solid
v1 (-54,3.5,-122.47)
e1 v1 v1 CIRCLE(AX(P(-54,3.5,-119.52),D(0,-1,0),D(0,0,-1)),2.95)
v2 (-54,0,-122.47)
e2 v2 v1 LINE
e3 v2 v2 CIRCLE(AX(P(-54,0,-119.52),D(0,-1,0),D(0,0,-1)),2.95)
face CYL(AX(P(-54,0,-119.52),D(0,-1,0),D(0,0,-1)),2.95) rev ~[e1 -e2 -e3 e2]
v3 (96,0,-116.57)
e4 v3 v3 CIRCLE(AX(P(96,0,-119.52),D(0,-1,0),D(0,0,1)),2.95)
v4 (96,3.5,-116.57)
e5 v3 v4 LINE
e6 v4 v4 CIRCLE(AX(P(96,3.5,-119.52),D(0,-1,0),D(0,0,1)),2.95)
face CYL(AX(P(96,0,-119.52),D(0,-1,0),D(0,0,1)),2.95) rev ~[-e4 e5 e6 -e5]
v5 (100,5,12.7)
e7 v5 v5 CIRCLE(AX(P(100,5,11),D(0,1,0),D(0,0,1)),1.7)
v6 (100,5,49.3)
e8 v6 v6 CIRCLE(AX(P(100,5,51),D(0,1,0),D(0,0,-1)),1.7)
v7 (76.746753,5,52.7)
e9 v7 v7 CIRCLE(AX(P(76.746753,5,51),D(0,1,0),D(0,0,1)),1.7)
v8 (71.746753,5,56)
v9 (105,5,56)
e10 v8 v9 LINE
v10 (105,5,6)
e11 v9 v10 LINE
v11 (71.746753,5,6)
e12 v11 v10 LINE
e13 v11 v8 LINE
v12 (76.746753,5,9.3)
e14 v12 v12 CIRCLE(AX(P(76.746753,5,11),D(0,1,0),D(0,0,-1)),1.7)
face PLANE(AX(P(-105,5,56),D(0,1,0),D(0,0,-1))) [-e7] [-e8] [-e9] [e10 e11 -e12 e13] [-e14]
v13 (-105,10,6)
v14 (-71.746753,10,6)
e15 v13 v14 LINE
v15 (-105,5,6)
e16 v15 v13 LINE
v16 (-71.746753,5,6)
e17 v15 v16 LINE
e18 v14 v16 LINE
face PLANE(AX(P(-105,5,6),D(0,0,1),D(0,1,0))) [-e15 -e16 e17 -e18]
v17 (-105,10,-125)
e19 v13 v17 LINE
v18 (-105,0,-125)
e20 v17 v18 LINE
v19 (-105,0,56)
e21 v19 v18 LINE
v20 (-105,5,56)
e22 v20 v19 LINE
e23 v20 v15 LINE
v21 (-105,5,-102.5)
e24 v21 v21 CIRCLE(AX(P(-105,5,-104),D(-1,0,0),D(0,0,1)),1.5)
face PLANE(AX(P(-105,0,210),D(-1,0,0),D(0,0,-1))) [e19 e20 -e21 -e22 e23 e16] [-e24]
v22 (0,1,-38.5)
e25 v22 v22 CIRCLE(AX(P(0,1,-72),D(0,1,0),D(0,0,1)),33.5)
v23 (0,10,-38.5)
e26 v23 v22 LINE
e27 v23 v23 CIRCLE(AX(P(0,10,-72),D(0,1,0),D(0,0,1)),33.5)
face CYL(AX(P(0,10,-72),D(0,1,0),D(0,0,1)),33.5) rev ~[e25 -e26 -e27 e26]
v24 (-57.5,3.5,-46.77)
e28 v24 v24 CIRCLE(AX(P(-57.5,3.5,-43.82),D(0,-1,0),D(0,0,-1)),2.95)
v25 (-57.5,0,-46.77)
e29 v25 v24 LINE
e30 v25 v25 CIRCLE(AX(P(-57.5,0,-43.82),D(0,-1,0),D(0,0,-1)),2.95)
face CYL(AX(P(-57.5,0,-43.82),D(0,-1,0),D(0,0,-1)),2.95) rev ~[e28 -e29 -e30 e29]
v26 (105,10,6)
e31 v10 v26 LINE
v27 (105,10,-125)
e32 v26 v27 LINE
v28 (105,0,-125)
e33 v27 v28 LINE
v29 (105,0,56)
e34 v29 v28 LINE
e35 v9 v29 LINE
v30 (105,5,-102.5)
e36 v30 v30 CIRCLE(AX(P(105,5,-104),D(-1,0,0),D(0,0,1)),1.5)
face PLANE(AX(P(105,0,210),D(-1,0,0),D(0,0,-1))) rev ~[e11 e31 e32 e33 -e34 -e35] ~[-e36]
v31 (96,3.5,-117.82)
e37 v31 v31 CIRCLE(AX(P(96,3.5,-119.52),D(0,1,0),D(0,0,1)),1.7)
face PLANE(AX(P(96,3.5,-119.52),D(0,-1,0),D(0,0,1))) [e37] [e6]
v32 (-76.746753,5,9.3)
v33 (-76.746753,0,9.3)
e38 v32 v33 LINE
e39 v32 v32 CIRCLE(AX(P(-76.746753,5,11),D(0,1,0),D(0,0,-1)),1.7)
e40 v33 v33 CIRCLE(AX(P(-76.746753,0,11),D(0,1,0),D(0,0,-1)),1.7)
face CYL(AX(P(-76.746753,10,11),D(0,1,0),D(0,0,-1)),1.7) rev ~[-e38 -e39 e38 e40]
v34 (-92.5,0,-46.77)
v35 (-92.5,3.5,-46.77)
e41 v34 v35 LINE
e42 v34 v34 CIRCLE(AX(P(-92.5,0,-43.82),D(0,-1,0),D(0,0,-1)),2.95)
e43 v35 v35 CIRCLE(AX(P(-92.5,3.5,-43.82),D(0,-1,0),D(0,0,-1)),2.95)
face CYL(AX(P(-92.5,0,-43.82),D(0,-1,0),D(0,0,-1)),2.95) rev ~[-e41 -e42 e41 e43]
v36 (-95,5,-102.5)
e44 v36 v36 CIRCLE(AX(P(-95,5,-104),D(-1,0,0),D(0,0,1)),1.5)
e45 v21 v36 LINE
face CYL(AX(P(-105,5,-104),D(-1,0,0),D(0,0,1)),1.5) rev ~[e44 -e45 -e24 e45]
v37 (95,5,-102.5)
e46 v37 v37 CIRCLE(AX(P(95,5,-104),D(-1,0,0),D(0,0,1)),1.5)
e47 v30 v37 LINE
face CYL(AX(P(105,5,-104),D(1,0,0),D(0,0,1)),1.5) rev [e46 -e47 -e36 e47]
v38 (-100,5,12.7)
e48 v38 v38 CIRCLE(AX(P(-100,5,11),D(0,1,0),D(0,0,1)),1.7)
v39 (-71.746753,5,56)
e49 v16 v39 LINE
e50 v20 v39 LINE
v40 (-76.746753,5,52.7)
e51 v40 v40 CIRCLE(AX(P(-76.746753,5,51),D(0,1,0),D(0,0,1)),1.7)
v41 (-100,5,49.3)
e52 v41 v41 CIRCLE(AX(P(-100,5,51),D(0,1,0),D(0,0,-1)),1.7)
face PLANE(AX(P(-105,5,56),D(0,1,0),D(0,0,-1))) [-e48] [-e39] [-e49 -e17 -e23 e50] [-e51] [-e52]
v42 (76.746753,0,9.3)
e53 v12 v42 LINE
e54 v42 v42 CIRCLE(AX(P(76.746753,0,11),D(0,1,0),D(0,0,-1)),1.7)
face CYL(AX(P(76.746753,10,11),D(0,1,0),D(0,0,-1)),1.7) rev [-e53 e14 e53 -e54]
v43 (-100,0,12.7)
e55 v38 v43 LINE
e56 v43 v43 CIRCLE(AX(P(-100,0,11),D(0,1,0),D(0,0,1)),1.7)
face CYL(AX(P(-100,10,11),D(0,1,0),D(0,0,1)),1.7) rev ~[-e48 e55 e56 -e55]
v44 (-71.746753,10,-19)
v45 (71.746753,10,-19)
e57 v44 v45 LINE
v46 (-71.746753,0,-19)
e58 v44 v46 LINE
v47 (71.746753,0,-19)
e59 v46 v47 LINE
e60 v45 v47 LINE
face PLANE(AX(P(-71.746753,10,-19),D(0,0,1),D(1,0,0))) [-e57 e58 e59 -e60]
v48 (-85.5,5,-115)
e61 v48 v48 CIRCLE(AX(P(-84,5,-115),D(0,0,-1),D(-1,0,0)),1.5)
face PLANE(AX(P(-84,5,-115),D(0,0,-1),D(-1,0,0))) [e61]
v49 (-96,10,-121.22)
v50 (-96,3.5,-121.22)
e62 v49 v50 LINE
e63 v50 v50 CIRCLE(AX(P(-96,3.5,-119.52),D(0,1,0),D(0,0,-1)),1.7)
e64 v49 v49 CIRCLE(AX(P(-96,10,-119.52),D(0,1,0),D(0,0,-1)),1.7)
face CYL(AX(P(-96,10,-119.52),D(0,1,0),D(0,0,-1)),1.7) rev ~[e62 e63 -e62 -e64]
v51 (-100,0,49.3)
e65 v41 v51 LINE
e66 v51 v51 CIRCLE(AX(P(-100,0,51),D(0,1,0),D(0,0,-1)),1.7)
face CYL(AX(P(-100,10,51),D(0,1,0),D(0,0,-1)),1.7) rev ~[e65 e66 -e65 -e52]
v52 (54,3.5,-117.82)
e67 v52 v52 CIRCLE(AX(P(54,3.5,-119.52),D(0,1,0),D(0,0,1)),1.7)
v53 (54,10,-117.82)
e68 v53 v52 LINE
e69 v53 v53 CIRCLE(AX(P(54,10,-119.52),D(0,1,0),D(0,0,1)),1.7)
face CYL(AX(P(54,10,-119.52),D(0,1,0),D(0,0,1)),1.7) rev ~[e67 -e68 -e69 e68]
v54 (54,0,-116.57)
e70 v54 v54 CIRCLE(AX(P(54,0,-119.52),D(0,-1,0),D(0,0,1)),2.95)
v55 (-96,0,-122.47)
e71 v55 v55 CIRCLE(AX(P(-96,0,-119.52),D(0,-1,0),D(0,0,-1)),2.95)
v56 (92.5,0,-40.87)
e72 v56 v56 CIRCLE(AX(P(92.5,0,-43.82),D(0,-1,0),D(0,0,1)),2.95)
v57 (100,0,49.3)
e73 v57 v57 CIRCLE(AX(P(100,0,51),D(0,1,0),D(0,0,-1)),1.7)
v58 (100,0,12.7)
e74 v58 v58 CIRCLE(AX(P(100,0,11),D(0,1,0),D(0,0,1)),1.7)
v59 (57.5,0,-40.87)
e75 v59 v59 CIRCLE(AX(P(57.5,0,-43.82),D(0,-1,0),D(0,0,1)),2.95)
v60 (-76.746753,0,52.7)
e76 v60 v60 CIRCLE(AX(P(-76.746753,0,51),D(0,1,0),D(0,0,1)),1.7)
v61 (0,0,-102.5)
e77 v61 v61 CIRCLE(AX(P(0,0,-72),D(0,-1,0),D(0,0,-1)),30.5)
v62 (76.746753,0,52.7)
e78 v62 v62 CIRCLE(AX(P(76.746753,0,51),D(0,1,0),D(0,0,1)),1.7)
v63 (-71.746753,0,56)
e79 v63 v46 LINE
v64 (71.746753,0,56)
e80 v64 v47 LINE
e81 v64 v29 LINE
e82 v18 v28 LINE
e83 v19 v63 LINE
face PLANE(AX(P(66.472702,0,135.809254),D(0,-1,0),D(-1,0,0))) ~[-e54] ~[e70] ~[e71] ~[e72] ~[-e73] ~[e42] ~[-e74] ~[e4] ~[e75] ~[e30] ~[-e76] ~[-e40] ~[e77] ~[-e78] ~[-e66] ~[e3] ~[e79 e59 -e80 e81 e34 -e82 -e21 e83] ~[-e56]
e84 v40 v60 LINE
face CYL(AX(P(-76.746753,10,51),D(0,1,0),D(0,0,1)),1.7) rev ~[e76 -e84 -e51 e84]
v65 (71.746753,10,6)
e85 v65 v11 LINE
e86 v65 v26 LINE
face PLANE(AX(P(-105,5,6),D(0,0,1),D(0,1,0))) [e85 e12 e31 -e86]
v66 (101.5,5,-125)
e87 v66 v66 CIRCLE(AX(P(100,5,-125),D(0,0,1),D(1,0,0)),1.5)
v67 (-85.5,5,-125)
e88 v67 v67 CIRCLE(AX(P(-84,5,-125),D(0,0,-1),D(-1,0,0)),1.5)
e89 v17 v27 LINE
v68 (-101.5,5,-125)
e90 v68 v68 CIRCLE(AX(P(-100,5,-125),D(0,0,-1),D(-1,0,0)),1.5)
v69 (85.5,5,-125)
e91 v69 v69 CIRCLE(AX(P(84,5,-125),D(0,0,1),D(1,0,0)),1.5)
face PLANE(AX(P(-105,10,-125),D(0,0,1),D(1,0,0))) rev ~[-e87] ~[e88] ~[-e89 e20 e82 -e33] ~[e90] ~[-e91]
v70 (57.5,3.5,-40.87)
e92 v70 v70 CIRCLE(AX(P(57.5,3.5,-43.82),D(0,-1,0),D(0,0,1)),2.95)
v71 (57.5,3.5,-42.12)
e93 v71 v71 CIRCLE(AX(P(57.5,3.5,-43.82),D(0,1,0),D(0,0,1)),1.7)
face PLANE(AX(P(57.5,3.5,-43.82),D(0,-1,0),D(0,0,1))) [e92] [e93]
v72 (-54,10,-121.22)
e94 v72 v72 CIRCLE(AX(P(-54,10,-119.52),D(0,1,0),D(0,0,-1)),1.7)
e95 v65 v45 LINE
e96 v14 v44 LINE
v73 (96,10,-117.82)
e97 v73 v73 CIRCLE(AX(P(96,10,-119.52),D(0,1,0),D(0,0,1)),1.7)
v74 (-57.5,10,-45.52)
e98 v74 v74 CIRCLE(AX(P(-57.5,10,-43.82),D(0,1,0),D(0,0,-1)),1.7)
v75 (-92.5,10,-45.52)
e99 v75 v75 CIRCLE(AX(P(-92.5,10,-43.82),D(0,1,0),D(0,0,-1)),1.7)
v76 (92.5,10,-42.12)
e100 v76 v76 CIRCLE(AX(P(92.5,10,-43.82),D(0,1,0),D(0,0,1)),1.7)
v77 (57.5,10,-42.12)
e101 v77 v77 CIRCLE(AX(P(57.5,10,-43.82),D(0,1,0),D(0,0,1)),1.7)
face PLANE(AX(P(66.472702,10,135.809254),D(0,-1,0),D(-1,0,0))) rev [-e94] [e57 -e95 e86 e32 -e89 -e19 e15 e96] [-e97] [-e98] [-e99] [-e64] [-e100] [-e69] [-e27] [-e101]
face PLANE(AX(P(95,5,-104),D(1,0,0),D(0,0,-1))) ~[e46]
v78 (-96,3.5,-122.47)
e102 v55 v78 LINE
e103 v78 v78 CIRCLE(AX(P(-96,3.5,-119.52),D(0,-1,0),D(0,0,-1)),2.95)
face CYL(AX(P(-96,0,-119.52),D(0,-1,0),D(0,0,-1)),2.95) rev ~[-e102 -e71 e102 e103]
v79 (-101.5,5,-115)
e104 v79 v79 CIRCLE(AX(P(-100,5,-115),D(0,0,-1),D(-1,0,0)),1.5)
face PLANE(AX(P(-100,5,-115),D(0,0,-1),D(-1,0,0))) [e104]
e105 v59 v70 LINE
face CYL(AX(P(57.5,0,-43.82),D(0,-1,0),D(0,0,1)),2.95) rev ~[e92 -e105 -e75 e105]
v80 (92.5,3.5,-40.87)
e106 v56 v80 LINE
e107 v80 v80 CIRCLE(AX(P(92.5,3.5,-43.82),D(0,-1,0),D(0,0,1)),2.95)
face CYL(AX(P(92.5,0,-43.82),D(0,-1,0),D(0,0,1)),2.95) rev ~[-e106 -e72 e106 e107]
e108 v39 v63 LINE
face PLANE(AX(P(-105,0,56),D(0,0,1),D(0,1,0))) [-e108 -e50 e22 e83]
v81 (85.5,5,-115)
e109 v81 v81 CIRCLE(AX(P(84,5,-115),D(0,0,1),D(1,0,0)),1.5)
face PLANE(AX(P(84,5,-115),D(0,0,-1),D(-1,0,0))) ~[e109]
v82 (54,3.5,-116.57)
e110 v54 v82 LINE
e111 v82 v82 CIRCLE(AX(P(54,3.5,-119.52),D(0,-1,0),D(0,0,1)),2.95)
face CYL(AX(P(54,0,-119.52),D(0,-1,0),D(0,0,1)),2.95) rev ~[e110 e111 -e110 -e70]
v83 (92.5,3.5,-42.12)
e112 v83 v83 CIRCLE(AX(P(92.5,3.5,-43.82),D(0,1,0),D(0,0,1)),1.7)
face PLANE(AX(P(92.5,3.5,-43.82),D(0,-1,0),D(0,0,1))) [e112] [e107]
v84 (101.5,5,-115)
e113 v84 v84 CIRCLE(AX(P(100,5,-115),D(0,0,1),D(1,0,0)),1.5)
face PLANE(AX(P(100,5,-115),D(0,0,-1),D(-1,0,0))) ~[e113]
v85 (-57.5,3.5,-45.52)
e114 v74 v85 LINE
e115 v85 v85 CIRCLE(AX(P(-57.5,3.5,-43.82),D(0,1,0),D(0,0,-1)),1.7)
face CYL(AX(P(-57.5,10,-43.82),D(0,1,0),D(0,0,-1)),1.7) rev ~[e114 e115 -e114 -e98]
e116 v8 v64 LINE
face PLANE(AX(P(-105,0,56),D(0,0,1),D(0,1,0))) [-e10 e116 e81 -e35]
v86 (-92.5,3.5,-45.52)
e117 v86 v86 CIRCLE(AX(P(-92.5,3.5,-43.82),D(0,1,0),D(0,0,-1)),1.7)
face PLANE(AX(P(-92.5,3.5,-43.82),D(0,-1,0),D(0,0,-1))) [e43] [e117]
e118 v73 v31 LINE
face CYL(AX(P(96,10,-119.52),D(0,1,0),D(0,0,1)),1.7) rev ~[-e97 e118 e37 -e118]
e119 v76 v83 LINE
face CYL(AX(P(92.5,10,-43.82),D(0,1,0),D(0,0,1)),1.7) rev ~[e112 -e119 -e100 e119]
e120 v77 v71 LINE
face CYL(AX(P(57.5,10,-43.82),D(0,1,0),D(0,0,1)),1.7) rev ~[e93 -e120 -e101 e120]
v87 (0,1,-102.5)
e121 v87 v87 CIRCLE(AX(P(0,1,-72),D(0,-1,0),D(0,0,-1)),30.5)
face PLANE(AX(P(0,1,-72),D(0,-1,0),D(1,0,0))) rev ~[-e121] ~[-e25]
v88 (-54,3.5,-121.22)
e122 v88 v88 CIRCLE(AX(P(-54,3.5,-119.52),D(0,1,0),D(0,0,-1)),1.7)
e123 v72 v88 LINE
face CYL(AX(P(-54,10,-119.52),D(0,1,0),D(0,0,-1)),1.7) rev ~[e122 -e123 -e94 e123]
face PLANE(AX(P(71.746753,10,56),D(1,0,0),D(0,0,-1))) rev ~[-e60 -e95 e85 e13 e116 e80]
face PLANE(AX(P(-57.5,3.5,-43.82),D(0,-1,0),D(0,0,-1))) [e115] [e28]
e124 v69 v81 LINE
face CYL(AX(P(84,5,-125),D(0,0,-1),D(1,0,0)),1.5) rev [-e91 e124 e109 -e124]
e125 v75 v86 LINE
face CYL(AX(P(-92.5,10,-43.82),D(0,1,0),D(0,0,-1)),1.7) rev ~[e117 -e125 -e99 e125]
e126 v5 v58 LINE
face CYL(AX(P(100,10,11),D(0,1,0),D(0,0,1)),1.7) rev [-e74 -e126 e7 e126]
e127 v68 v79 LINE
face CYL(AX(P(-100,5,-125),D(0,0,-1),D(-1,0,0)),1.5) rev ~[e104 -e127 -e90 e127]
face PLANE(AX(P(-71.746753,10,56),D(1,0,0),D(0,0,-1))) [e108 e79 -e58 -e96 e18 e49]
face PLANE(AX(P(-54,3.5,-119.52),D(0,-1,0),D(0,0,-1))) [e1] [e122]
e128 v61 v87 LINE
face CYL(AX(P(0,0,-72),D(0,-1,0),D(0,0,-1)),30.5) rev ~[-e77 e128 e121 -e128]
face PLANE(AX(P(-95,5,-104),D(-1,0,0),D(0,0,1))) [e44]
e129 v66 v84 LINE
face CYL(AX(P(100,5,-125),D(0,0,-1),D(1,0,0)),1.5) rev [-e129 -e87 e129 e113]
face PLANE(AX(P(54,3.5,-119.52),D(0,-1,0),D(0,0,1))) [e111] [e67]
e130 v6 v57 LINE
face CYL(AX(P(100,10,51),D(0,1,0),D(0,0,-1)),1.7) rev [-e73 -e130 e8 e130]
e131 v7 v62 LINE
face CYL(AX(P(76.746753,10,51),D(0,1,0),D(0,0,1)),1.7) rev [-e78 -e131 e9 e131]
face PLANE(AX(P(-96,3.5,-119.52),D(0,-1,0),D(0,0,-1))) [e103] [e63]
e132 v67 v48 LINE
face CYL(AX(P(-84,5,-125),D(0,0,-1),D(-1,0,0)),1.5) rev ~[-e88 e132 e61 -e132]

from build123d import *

# Parameters (mm, degrees)
SKIZZE1_W                        = 210
SKIZZE1_H                        = 420
AUFSATZ_LINEAR_AUSTRAGEN1_DEPTH  = 10
SKIZZE5_W                        = 210
SKIZZE5_H                        = 85
SCHNITT_LINEAR_AUSTRAGEN2_DEPTH  = 10
SKIZZE6_R                        = 1.7
SCHNITT_LINEAR_AUSTRAGEN3_DEPTH  = 236
SCHNITT_LINEAR_AUSTRAGEN4_DEPTH  = 4
SKIZZE16_W                       = 35
SKIZZE16_H                       = 7
SCHNITT_LINEAR_AUSTRAGEN10_DEPTH = 5
SCHNITT_LINEAR_AUSTRAGEN11_DEPTH = 35
SKIZZE20_R                       = 1.7
SCHNITT_LINEAR_AUSTRAGEN12_DEPTH = 236
SKIZZE21_W                       = 143.493506494
SKIZZE21_H                       = 75
SCHNITT_LINEAR_AUSTRAGEN13_DEPTH = 236
SCHNITT_LINEAR_AUSTRAGEN14_DEPTH = 236
AUFSATZ_LINEAR_AUSTRAGEN6_DEPTH  = 10
SKIZZE25_R                       = 1.7
SCHNITT_LINEAR_AUSTRAGEN15_DEPTH = 236
SCHNITT_LINEAR_AUSTRAGEN16_DEPTH = 298.153159162
SKIZZE27_R                       = 33.5
SCHNITT_LINEAR_AUSTRAGEN17_DEPTH = 164.554272338
SKIZZE28_R                       = 36.006256149
SKIZZE28_R_2                     = 30.5
AUFSATZ_LINEAR_AUSTRAGEN7_DEPTH  = 1
SKIZZE29_R                       = 1.5
SCHNITT_LINEAR_AUSTRAGEN18_DEPTH = 10
SKIZZE30_R                       = 1.5
SCHNITT_LINEAR_AUSTRAGEN19_DEPTH = 10
SKIZZE31_R                       = 2.95
SCHNITT_LINEAR_AUSTRAGEN20_DEPTH = 3.5


with BuildPart() as part:
    # Skizze1 → Aufsatz-Linear austragen1 (new body)
    with BuildSketch(Plane(origin=(0, 0, 0), x_dir=(1, 0, 0), z_dir=(0, 1, 0))):
        Rectangle(SKIZZE1_W, SKIZZE1_H)
    extrude(amount=AUFSATZ_LINEAR_AUSTRAGEN1_DEPTH)

    # Skizze5 → Schnitt-Linear austragen2 (cut)
    with BuildSketch(Plane(origin=(0, 10, 0), x_dir=(1, 0, 0), z_dir=(0, 1, 0))):
        Polygon((105, -210), (18, -210), (105, -56), align=None)
        Polygon((-18, -210), (-105, -56), (-105, -210), align=None)
        with Locations((0, 167.5)):
            Rectangle(SKIZZE5_W, SKIZZE5_H)
        Polygon((71.746753247, -56), (-71.746753247, -56), (-2.824675325, -178), (2.824675325, -178), align=None)
    extrude(amount=-SCHNITT_LINEAR_AUSTRAGEN2_DEPTH, mode=Mode.SUBTRACT)

    # Skizze6 → Schnitt-Linear austragen3 (cut, through all)
    with BuildSketch(Plane(origin=(0, 10, 0), x_dir=(1, 0, 0), z_dir=(0, 1, 0))):
        with Locations(Location((-11, -205, 0), (0, 0, 270))):
            Circle(SKIZZE6_R)
        with Locations(Location((-11, -188.18, 0), (0, 0, 90))):
            Circle(SKIZZE6_R)
        with Locations(Location((11, -205, 0), (0, 0, 90))):
            Circle(SKIZZE6_R)
        with Locations(Location((11, -188.18, 0), (0, 0, 270))):
            Circle(SKIZZE6_R)
    extrude(amount=-SCHNITT_LINEAR_AUSTRAGEN3_DEPTH, mode=Mode.SUBTRACT)

    # Skizze7 → Schnitt-Linear austragen4 (cut)
    with BuildSketch(Plane.XZ):
        Polygon((-11, 208.406366588), (-8.05, 206.703183294), (-8.05, 203.296816706), (-11, 201.593633412), (-13.95, 203.296816706), (-13.95, 206.703183294), align=None)
        Polygon((11, 208.406366588), (8.05, 206.703183294), (8.05, 203.296816706), (11, 201.593633412), (13.95, 203.296816706), (13.95, 206.703183294), align=None)
        Polygon((-8.05, 186.476816706), (-8.05, 189.883183294), (-11, 191.586366588), (-13.95, 189.883183294), (-13.95, 186.476816706), (-11, 184.773633412), align=None)
        Polygon((8.05, 186.476816706), (8.05, 189.883183294), (11, 191.586366588), (13.95, 189.883183294), (13.95, 186.476816706), (11, 184.773633412), align=None)
    extrude(amount=-SCHNITT_LINEAR_AUSTRAGEN4_DEPTH, mode=Mode.SUBTRACT)

    # Skizze16 → Schnitt-Linear austragen10 (cut)
    with BuildSketch(Plane.XZ):
        with Locations((0, 196.59)):
            Rectangle(SKIZZE16_W, SKIZZE16_H)
    extrude(amount=-SCHNITT_LINEAR_AUSTRAGEN10_DEPTH, mode=Mode.SUBTRACT)

    # Skizze17 → Schnitt-Linear austragen11 (cut)
    with BuildSketch(Plane.ZY.offset(-17.5)):
        Polygon((193.09, 5), (196.59, 8.5), (200.09, 5), align=None)
    extrude(amount=SCHNITT_LINEAR_AUSTRAGEN11_DEPTH, mode=Mode.SUBTRACT)

    # Skizze20 → Schnitt-Linear austragen12 (cut, through all)
    with BuildSketch(Plane(origin=(0, 10, 0), x_dir=(1, 0, 0), z_dir=(0, 1, 0))):
        with Locations(Location((96, 119.52, 0), (0, 0, 270))):
            Circle(SKIZZE20_R)
        with Locations(Location((54, 119.52, 0), (0, 0, 270))):
            Circle(SKIZZE20_R)
        with Locations(Location((-54, 119.52, 0), (0, 0, 90))):
            Circle(SKIZZE20_R)
        with Locations(Location((-96, 119.52, 0), (0, 0, 90))):
            Circle(SKIZZE20_R)
        with Locations(Location((92.5, 43.82, 0), (0, 0, 270))):
            Circle(SKIZZE20_R)
        with Locations(Location((57.5, 43.82, 0), (0, 0, 270))):
            Circle(SKIZZE20_R)
        with Locations(Location((-92.5, 43.82, 0), (0, 0, 90))):
            Circle(SKIZZE20_R)
        with Locations(Location((-57.5, 43.82, 0), (0, 0, 90))):
            Circle(SKIZZE20_R)
    extrude(amount=-SCHNITT_LINEAR_AUSTRAGEN12_DEPTH, mode=Mode.SUBTRACT)

    # Skizze21 → Schnitt-Linear austragen13 (cut, through all)
    with BuildSketch(Plane(origin=(0, 10, 0), x_dir=(1, 0, 0), z_dir=(0, 1, 0))):
        with Locations((0, -18.5)):
            Rectangle(SKIZZE21_W, SKIZZE21_H)
    extrude(amount=-SCHNITT_LINEAR_AUSTRAGEN13_DEPTH, mode=Mode.SUBTRACT)

    # Skizze22 → Schnitt-Linear austragen14 (cut, through all)
    with BuildSketch(Plane(origin=(0, 10, 0), x_dir=(1, 0, 0), z_dir=(0, 1, 0))):
        with BuildLine():
            Line((-71.746753247, -56), (-2.824675325, -178))
            ThreePointArc((-2.824675325, -178), (-55.506711033, -127.293679981), (-71.746753247, -56))
        make_face()
    schnitt_linear_austragen14 = extrude(amount=-SCHNITT_LINEAR_AUSTRAGEN14_DEPTH, mode=Mode.SUBTRACT)

    # Skizze23 → Aufsatz-Linear austragen6 (add)
    with BuildSketch(Plane(origin=(0, 10, 0), x_dir=(1, 0, 0), z_dir=(0, 1, 0))):
        with BuildLine():
            Line((-105, -56), (-18, -210))
            ThreePointArc((-18, -210), (-78.088357737, -142.371344955), (-105, -56))
        make_face()
    aufsatz_linear_austragen6 = extrude(amount=-AUFSATZ_LINEAR_AUSTRAGEN6_DEPTH)

    # Spiegeln2: Schnitt-Linear austragen14, Aufsatz-Linear austragen6 across plane
    add(schnitt_linear_austragen14.mirror(Plane(origin=(0, 0, 0), x_dir=(0, 0, 1), z_dir=(1, 0, 0))), mode=Mode.SUBTRACT)
    add(aufsatz_linear_austragen6.mirror(Plane(origin=(0, 0, 0), x_dir=(0, 0, 1), z_dir=(1, 0, 0))))

    # Skizze25 → Schnitt-Linear austragen15 (cut, through all)
    with BuildSketch(Plane(origin=(0, 10, 0), x_dir=(1, 0, 0), z_dir=(0, 1, 0))):
        with Locations(Location((-100, -11, 0), (0, 0, 270))):
            Circle(SKIZZE25_R)
        with Locations(Location((-76.746753247, -11, 0), (0, 0, 90))):
            Circle(SKIZZE25_R)
        with Locations(Location((-76.746753247, -51, 0), (0, 0, 270))):
            Circle(SKIZZE25_R)
        with Locations(Location((-100, -51, 0), (0, 0, 90))):
            Circle(SKIZZE25_R)
    schnitt_linear_austragen15 = extrude(amount=-SCHNITT_LINEAR_AUSTRAGEN15_DEPTH, mode=Mode.SUBTRACT)

    # Spiegeln3: Schnitt-Linear austragen15 across plane
    add(schnitt_linear_austragen15.mirror(Plane(origin=(0, 0, 0), x_dir=(0, 0, 1), z_dir=(1, 0, 0))), mode=Mode.SUBTRACT)

    # Skizze26 → Schnitt-Linear austragen16 (cut, through all)
    with BuildSketch(Plane.ZY.offset(105)):
        Polygon((6, 5), (6, 13.101486595), (200.684563047, 82.546277137), (242.997216492, -41.037631402), (91.241487897, -60.284782055), (56, 0), (56, 5), align=None)
    extrude(amount=-SCHNITT_LINEAR_AUSTRAGEN16_DEPTH, mode=Mode.SUBTRACT)

    # Skizze27 → Schnitt-Linear austragen17 (cut, through all)
    with BuildSketch(Plane(origin=(0, 10, 0), x_dir=(1, 0, 0), z_dir=(0, 1, 0))):
        with Locations(Location((0, 72, 0), (0, 0, 270))):
            Circle(SKIZZE27_R)
    extrude(amount=-SCHNITT_LINEAR_AUSTRAGEN17_DEPTH, mode=Mode.SUBTRACT)

    # Skizze28 → Aufsatz-Linear austragen7 (add)
    with BuildSketch(Plane.XZ):
        with Locations((0, -72)):
            Circle(SKIZZE28_R)
        with Locations(Location((0, -72, 0), (0, 0, 270))):
            Circle(SKIZZE28_R_2, mode=Mode.SUBTRACT)
    extrude(amount=-AUFSATZ_LINEAR_AUSTRAGEN7_DEPTH)

    # Skizze29 → Schnitt-Linear austragen18 (cut)
    with BuildSketch(Plane.ZY.offset(105)):
        with Locations((-104, 5)):
            Circle(SKIZZE29_R)
    schnitt_linear_austragen18 = extrude(amount=-SCHNITT_LINEAR_AUSTRAGEN18_DEPTH, mode=Mode.SUBTRACT)

    # Skizze30 → Schnitt-Linear austragen19 (cut)
    with BuildSketch(Plane(origin=(0, 0, -125), x_dir=(-1, 0, 0), z_dir=(0, 0, -1))):
        with Locations((100, 5)):
            Circle(SKIZZE30_R)
        with Locations((84, 5)):
            Circle(SKIZZE30_R)
    schnitt_linear_austragen19 = extrude(amount=-SCHNITT_LINEAR_AUSTRAGEN19_DEPTH, mode=Mode.SUBTRACT)

    # Spiegeln4: Schnitt-Linear austragen18, Schnitt-Linear austragen19 across plane
    add(schnitt_linear_austragen18.mirror(Plane(origin=(0, 0, 0), x_dir=(0, 0, 1), z_dir=(1, 0, 0))), mode=Mode.SUBTRACT)
    add(schnitt_linear_austragen19.mirror(Plane(origin=(0, 0, 0), x_dir=(0, 0, 1), z_dir=(1, 0, 0))), mode=Mode.SUBTRACT)

    # Skizze31 → Schnitt-Linear austragen20 (cut)
    with BuildSketch(Plane.XZ):
        with Locations(Location((-96, -119.52, 0), (0, 0, 270))):
            Circle(SKIZZE31_R)
        with Locations(Location((-54, -119.52, 0), (0, 0, 270))):
            Circle(SKIZZE31_R)
        with Locations(Location((-92.5, -43.82, 0), (0, 0, 270))):
            Circle(SKIZZE31_R)
        with Locations(Location((-57.5, -43.82, 0), (0, 0, 270))):
            Circle(SKIZZE31_R)
        with Locations(Location((57.5, -43.82, 0), (0, 0, 90))):
            Circle(SKIZZE31_R)
        with Locations(Location((92.5, -43.82, 0), (0, 0, 90))):
            Circle(SKIZZE31_R)
        with Locations(Location((54, -119.52, 0), (0, 0, 90))):
            Circle(SKIZZE31_R)
        with Locations(Location((96, -119.52, 0), (0, 0, 90))):
            Circle(SKIZZE31_R)
    extrude(amount=-SCHNITT_LINEAR_AUSTRAGEN20_DEPTH, mode=Mode.SUBTRACT)


solid = part.part
